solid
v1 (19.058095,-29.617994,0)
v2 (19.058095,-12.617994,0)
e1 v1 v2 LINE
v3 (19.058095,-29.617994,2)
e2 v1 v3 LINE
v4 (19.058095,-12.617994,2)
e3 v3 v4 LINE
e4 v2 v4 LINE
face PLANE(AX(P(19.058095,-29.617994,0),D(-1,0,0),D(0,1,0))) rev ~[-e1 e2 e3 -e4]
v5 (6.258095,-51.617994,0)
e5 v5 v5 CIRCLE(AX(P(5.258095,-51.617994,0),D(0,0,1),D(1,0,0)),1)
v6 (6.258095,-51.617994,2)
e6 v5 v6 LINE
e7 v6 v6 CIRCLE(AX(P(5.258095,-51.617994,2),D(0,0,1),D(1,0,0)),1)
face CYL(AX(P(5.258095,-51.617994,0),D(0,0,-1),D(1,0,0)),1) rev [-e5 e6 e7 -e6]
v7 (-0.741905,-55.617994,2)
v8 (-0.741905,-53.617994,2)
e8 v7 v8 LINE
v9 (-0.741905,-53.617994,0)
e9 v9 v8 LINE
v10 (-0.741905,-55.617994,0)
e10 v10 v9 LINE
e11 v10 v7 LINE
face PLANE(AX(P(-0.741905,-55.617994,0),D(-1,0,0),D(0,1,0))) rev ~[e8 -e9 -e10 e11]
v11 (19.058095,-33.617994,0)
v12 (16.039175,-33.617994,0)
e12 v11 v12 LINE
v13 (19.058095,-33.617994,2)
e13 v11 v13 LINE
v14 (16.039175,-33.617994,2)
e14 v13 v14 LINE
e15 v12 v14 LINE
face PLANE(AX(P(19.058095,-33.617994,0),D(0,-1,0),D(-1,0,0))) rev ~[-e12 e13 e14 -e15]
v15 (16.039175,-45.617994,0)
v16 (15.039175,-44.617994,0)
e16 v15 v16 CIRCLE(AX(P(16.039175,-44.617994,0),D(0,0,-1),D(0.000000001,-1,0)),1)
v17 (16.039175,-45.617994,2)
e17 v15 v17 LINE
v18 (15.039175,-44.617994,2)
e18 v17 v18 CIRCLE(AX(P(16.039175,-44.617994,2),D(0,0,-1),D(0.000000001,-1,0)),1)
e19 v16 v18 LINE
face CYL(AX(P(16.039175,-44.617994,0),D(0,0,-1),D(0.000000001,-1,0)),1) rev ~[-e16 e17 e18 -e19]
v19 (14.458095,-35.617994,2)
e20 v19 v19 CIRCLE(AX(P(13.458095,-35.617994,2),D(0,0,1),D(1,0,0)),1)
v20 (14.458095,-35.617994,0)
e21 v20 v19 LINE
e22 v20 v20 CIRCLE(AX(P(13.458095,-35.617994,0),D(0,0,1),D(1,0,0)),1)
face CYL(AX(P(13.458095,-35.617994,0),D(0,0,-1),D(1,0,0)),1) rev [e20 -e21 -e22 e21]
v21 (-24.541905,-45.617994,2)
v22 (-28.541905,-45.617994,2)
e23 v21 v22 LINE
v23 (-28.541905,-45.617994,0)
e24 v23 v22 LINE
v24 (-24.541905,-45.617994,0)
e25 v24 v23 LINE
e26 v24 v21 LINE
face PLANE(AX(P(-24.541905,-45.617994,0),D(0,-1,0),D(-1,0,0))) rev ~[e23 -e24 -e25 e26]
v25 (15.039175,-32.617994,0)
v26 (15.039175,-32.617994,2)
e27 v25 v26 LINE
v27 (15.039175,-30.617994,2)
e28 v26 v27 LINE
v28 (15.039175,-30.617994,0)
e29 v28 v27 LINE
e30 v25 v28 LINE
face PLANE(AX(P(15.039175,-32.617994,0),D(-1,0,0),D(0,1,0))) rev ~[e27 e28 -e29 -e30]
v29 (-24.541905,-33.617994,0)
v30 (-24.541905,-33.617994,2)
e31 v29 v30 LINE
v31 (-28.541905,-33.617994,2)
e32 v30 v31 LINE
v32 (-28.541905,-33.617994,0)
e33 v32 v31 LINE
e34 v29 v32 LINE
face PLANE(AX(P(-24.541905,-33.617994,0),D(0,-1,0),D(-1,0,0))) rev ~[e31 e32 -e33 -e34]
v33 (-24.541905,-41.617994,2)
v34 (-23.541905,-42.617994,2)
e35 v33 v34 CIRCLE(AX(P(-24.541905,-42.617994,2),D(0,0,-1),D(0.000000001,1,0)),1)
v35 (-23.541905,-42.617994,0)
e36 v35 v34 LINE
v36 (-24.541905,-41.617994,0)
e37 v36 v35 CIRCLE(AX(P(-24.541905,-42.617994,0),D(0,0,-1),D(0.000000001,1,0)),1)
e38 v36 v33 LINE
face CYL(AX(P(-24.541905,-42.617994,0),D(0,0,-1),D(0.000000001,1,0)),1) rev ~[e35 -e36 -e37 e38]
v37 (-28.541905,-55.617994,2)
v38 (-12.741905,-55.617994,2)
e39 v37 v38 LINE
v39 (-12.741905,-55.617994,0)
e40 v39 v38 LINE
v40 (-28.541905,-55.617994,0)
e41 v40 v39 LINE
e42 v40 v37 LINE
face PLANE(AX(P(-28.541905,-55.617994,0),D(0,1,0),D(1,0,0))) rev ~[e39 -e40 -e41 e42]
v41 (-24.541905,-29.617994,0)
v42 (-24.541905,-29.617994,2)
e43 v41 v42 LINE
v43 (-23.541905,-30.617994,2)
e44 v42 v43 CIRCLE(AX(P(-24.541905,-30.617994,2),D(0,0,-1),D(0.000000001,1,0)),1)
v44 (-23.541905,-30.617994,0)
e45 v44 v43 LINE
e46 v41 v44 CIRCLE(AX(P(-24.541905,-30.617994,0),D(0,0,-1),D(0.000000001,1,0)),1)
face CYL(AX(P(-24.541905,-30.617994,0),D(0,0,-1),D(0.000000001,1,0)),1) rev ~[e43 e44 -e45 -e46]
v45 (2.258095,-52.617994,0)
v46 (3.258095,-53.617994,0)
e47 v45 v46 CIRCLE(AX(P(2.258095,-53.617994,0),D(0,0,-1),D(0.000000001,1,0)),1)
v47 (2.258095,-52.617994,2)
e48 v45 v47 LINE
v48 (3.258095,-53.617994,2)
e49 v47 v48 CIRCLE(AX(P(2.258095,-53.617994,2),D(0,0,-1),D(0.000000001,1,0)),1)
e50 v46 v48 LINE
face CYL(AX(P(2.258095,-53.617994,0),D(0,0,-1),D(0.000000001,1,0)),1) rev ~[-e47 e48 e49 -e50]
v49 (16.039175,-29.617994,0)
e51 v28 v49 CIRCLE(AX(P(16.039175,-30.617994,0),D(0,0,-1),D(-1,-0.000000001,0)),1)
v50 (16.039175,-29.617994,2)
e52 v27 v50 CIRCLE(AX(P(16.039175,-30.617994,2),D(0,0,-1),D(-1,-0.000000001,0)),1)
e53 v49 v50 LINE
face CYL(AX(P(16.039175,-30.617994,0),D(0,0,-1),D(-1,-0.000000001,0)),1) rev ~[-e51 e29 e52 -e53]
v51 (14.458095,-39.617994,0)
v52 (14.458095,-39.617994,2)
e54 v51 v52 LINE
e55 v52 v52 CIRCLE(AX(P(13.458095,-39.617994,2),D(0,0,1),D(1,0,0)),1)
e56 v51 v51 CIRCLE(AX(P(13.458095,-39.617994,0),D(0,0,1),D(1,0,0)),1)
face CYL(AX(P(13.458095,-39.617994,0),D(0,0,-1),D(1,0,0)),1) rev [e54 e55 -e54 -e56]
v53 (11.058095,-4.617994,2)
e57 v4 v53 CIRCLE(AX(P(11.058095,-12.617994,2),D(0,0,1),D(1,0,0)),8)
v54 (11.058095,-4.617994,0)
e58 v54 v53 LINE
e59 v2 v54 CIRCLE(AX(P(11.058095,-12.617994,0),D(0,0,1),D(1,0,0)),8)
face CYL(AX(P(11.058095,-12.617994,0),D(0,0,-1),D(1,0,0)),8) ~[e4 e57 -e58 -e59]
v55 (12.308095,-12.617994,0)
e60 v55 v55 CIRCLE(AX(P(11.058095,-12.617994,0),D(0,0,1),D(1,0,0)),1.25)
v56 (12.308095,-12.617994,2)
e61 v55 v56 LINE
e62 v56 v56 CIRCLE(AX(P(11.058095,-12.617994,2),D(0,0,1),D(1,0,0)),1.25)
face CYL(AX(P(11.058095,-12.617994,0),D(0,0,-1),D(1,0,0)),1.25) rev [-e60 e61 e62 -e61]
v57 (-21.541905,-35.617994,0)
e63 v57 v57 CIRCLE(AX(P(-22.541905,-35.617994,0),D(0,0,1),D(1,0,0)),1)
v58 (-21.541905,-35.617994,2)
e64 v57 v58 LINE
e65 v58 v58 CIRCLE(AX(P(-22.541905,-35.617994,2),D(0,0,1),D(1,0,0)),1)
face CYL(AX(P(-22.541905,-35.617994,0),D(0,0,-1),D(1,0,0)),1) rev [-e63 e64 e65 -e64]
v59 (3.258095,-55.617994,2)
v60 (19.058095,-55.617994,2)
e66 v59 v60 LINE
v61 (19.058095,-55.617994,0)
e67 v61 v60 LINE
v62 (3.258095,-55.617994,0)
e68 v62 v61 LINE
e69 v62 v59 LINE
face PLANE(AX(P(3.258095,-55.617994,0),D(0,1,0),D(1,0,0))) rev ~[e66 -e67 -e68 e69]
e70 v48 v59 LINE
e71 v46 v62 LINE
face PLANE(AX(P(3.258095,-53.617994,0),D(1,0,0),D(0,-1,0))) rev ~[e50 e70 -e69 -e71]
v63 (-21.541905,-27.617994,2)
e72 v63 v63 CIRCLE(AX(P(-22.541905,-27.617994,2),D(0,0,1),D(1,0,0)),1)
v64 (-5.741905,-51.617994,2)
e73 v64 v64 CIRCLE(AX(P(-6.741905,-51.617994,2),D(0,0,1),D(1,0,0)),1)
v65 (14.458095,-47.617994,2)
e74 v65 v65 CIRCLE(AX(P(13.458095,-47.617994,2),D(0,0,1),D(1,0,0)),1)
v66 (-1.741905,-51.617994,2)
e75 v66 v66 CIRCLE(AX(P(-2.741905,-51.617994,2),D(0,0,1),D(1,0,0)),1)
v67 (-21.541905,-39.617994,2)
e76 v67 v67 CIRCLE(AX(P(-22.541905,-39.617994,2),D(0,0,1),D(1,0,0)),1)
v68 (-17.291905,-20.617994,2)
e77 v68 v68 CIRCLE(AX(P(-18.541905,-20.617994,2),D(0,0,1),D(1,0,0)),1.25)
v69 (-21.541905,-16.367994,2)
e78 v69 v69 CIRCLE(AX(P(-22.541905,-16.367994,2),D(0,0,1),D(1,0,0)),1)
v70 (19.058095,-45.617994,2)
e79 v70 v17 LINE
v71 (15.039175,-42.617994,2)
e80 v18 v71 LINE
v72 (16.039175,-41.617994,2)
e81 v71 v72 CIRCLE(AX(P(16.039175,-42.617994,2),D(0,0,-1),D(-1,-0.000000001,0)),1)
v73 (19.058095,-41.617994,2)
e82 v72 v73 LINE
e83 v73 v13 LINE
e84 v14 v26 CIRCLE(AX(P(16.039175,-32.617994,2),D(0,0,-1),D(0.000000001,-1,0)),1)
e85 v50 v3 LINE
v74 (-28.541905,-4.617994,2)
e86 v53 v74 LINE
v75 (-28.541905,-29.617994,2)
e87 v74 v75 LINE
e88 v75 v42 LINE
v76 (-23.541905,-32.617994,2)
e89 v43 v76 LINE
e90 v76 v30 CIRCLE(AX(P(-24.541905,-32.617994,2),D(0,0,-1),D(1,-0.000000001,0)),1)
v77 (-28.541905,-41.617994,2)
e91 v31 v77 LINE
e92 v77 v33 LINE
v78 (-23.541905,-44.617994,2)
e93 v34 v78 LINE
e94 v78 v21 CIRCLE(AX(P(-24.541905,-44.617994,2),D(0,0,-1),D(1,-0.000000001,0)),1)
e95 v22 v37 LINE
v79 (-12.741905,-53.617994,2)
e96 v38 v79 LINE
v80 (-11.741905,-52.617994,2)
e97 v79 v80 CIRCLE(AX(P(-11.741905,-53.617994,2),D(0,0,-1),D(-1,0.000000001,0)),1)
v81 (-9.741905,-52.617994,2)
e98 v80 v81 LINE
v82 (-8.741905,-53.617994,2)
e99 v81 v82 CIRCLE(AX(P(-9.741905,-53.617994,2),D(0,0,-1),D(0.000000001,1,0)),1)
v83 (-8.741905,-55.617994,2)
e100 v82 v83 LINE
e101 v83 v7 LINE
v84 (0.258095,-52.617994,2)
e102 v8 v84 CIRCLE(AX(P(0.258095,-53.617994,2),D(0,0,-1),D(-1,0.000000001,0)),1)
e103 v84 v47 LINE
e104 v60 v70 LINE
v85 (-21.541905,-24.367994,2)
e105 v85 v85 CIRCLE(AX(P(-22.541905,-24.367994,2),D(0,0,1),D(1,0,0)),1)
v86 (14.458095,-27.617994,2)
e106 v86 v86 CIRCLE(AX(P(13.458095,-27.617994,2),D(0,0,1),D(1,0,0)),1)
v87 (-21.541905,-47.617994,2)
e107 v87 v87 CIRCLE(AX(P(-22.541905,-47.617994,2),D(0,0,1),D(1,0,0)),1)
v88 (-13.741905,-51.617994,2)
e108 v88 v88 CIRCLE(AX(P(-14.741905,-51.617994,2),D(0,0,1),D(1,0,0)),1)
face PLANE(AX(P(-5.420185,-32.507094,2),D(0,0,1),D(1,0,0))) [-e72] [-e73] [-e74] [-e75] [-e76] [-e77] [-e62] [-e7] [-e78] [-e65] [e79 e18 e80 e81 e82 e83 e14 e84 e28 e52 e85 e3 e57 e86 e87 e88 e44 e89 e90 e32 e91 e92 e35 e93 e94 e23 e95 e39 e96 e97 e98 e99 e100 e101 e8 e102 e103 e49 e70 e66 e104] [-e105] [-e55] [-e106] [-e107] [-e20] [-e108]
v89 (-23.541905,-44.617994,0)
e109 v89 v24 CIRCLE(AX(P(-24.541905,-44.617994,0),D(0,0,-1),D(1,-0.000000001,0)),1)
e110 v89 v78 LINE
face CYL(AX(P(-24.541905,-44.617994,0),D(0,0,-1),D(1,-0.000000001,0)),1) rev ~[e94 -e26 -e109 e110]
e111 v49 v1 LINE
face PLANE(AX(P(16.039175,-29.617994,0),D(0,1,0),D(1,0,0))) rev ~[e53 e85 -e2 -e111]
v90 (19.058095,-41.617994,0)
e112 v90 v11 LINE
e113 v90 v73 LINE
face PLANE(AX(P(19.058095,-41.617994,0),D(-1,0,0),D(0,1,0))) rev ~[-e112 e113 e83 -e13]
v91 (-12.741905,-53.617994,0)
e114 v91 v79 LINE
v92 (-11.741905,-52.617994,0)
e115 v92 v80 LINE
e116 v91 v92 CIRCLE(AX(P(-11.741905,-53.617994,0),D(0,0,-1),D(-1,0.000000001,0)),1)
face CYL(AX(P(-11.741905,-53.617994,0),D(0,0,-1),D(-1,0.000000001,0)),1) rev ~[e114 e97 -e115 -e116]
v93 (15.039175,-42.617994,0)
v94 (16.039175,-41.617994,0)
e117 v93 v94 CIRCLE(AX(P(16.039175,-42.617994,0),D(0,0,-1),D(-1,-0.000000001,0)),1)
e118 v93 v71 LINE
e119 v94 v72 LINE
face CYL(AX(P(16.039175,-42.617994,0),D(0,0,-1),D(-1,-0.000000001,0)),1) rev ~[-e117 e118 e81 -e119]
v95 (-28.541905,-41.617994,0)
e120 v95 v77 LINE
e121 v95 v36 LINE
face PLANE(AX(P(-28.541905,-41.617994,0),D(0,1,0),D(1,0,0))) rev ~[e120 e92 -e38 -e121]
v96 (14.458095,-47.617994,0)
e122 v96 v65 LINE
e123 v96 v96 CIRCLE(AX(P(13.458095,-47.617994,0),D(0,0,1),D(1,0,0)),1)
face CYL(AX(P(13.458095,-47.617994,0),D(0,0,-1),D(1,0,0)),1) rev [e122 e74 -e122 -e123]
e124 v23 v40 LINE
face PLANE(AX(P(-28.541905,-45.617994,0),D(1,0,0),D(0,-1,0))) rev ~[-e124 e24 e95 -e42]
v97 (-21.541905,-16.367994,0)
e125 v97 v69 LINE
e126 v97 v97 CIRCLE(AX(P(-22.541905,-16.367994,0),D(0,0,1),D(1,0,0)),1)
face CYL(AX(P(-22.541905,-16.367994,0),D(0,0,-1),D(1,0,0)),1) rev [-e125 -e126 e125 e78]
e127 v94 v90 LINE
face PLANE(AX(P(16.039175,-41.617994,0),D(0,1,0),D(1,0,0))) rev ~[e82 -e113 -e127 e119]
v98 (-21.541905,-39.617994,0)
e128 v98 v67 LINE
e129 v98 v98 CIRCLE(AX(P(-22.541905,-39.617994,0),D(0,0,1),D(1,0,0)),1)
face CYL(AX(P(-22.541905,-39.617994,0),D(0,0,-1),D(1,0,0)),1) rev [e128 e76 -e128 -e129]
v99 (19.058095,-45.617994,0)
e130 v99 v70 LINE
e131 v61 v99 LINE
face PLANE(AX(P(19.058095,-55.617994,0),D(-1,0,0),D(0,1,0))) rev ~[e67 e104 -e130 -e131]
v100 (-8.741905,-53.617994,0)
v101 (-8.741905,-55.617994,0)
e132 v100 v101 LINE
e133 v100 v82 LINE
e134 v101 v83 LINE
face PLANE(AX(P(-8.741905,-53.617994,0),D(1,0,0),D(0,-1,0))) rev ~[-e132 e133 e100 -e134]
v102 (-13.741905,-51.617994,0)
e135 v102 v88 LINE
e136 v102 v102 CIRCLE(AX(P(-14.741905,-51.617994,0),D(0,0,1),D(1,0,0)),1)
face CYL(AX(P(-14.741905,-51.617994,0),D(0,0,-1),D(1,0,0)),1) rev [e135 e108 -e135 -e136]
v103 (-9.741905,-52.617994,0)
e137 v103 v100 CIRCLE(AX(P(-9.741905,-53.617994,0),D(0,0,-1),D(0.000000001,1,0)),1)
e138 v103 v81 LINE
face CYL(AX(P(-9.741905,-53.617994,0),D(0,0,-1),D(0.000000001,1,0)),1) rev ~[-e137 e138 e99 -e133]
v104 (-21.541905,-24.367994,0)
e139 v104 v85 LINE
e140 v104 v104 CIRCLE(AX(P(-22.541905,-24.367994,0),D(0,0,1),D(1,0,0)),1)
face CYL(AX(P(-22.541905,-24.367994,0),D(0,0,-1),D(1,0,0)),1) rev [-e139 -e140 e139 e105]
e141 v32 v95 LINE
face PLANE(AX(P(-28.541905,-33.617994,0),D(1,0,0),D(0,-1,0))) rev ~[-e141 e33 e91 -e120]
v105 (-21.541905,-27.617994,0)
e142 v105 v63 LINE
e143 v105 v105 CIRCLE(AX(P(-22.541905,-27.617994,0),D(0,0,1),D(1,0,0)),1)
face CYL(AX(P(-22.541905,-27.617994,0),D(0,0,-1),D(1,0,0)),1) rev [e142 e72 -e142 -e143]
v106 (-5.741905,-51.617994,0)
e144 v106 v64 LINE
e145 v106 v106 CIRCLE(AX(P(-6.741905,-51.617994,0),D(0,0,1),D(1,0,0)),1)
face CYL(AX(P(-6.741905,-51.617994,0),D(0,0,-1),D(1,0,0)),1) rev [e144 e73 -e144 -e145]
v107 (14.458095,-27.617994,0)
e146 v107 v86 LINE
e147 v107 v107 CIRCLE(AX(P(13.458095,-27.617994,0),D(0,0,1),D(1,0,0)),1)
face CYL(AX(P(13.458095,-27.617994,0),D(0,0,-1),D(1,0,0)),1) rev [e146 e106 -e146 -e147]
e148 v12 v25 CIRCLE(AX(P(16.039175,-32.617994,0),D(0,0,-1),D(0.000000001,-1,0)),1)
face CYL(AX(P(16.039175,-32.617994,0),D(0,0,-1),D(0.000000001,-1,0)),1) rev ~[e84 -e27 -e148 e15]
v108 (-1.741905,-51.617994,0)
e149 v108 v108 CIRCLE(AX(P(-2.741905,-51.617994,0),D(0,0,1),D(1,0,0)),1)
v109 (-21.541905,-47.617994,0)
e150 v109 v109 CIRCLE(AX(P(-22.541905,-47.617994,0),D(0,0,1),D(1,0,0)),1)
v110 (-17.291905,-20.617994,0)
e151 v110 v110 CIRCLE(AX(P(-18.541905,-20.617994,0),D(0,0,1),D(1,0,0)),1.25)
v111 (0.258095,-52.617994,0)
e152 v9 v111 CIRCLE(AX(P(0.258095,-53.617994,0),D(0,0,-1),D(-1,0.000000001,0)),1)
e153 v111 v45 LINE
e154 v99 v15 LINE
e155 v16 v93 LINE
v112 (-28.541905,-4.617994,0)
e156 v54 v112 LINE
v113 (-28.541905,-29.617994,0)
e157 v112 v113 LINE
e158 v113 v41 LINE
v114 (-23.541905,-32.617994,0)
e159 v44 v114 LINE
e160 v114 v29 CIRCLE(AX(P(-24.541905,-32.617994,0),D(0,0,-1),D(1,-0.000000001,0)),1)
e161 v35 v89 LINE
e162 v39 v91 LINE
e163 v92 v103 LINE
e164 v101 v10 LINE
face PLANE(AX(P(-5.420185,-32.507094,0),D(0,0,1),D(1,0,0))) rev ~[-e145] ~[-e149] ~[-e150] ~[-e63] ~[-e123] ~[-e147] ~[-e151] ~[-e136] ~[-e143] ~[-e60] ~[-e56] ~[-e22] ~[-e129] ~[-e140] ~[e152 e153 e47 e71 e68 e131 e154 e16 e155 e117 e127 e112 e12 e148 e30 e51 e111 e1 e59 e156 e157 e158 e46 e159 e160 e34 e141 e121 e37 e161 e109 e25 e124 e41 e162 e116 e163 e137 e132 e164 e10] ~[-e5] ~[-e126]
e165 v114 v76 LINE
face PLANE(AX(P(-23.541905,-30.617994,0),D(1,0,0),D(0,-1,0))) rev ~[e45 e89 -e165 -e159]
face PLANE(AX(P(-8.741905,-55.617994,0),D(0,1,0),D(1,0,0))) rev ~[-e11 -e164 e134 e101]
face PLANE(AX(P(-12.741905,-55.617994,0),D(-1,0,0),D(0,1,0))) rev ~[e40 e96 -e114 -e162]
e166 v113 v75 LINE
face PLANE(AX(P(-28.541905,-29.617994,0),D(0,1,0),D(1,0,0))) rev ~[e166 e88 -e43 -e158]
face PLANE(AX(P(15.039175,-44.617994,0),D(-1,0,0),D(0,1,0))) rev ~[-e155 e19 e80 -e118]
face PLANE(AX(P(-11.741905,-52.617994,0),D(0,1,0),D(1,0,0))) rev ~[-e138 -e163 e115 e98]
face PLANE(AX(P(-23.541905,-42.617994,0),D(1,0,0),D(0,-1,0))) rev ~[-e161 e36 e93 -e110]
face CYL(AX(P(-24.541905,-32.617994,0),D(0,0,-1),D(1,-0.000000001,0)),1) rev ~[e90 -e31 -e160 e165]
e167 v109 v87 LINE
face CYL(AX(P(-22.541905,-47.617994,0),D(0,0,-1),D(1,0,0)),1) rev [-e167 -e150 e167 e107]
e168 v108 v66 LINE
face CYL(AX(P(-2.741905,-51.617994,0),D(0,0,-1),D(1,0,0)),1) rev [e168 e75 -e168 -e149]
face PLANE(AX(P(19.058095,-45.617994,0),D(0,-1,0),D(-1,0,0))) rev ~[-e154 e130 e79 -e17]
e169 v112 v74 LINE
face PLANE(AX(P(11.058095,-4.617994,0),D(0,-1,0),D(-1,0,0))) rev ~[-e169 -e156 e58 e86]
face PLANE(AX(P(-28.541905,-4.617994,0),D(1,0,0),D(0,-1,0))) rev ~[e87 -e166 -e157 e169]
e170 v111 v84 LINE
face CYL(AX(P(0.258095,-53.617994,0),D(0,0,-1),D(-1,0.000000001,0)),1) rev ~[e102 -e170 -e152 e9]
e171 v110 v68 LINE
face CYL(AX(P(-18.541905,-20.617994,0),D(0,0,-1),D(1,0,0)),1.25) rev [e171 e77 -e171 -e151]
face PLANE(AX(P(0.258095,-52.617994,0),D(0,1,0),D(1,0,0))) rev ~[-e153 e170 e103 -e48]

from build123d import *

# Parameters (mm, degrees)
SKETCH_1_R      = 1.25
SKETCH_1_R_2    = 1
EXTRUDE_2_DEPTH = 2


with BuildPart() as part:
    # 草圖1 → 填料-伸長2 (new body)
    with BuildSketch(Plane.XY):
        with BuildLine():
            Line((19.058094933, -28.1179941), (19.058094933, -12.6179941))
            ThreePointArc((19.058094933, -12.6179941), (16.714949182, -6.961139851), (11.058094933, -4.6179941))
            Line((11.058094933, -4.6179941), (-7.541905067, -4.6179941))
            Line((-7.541905067, -4.6179941), (-27.541905067, -4.6179941))
            Line((-27.541905067, -4.6179941), (-28.541905067, -4.6179941))
            Line((-28.541905067, -4.6179941), (-28.541905067, -5.6179941))
            Line((-28.541905067, -5.6179941), (-28.541905067, -12.6179941))
            Line((-28.541905067, -12.6179941), (-28.541905067, -28.1179941))
            Line((-28.541905067, -28.1179941), (-28.541905067, -29.6179941))
            Line((-28.541905067, -29.6179941), (-26.541905067, -29.6179941))
            Line((-26.541905067, -29.6179941), (-24.541905067, -29.6179941))
            ThreePointArc((-24.541905067, -29.6179941), (-23.834798286, -29.910887319), (-23.541905067, -30.6179941))
            Line((-23.541905067, -30.6179941), (-23.541905067, -32.6179941))
            ThreePointArc((-23.541905067, -32.6179941), (-23.834798286, -33.325100881), (-24.541905067, -33.6179941))
            Line((-24.541905067, -33.6179941), (-26.541905067, -33.6179941))
            Line((-26.541905067, -33.6179941), (-28.541905067, -33.6179941))
            Line((-28.541905067, -33.6179941), (-28.541905067, -41.6179941))
            Line((-28.541905067, -41.6179941), (-26.541905067, -41.6179941))
            Line((-26.541905067, -41.6179941), (-24.541905067, -41.6179941))
            ThreePointArc((-24.541905067, -41.6179941), (-23.834798286, -41.910887319), (-23.541905067, -42.6179941))
            Line((-23.541905067, -42.6179941), (-23.541905067, -44.6179941))
            ThreePointArc((-23.541905067, -44.6179941), (-23.834798286, -45.325100881), (-24.541905067, -45.6179941))
            Line((-24.541905067, -45.6179941), (-26.541905067, -45.6179941))
            Line((-26.541905067, -45.6179941), (-28.541905067, -45.6179941))
            Line((-28.541905067, -45.6179941), (-28.541905067, -52.6179941))
            Line((-28.541905067, -52.6179941), (-28.541905067, -53.6179941))
            Line((-28.541905067, -53.6179941), (-28.541905067, -55.6179941))
            Line((-28.541905067, -55.6179941), (-12.741905067, -55.6179941))
            Line((-12.741905067, -55.6179941), (-12.741905067, -53.6179941))
            ThreePointArc((-12.741905067, -53.6179941), (-12.449011848, -52.910887319), (-11.741905067, -52.6179941))
            Line((-11.741905067, -52.6179941), (-9.741905067, -52.6179941))
            ThreePointArc((-9.741905067, -52.6179941), (-9.034798286, -52.910887319), (-8.741905067, -53.6179941))
            Line((-8.741905067, -53.6179941), (-8.741905067, -55.6179941))
            Line((-8.741905067, -55.6179941), (-0.741905067, -55.6179941))
            Line((-0.741905067, -55.6179941), (-0.741905067, -53.6179941))
            ThreePointArc((-0.741905067, -53.6179941), (-0.449011848, -52.910887319), (0.258094933, -52.6179941))
            Line((0.258094933, -52.6179941), (2.258094933, -52.6179941))
            ThreePointArc((2.258094933, -52.6179941), (2.965201714, -52.910887319), (3.258094933, -53.6179941))
            Line((3.258094933, -53.6179941), (3.258094933, -55.6179941))
            Line((3.258094933, -55.6179941), (19.058094933, -55.6179941))
            Line((19.058094933, -55.6179941), (19.058094933, -53.6179941))
            Line((19.058094933, -53.6179941), (19.058094933, -52.6179941))
            Line((19.058094933, -52.6179941), (19.058094933, -45.6179941))
            Line((19.058094933, -45.6179941), (18.039175344, -45.6179941))
            Line((18.039175344, -45.6179941), (16.039175344, -45.6179941))
            ThreePointArc((16.039175344, -45.6179941), (15.332068562, -45.325100881), (15.039175344, -44.6179941))
            Line((15.039175344, -44.6179941), (15.039175344, -42.6179941))
            ThreePointArc((15.039175344, -42.6179941), (15.332068562, -41.910887319), (16.039175344, -41.6179941))
            Line((16.039175344, -41.6179941), (18.039175344, -41.6179941))
            Line((18.039175344, -41.6179941), (19.058094933, -41.6179941))
            Line((19.058094933, -41.6179941), (19.058094933, -33.6179941))
            Line((19.058094933, -33.6179941), (18.039175344, -33.6179941))
            Line((18.039175344, -33.6179941), (16.039175344, -33.6179941))
            ThreePointArc((16.039175344, -33.6179941), (15.332068562, -33.325100881), (15.039175344, -32.6179941))
            Line((15.039175344, -32.6179941), (15.039175344, -30.6179941))
            ThreePointArc((15.039175344, -30.6179941), (15.332068562, -29.910887319), (16.039175344, -29.6179941))
            Line((16.039175344, -29.6179941), (18.039175344, -29.6179941))
            Line((18.039175344, -29.6179941), (19.058094933, -29.6179941))
            Line((19.058094933, -29.6179941), (19.058094933, -28.1179941))
        make_face()
        with Locations((-18.541905067, -20.6179941)):
            Circle(SKETCH_1_R, mode=Mode.SUBTRACT)
        with Locations((-6.741905067, -51.6179941)):
            Circle(SKETCH_1_R_2, mode=Mode.SUBTRACT)
        with Locations((-14.741905067, -51.6179941)):
            Circle(SKETCH_1_R_2, mode=Mode.SUBTRACT)
        with Locations((5.258094933, -51.6179941)):
            Circle(SKETCH_1_R_2, mode=Mode.SUBTRACT)
        with Locations((-22.541905067, -16.3679941)):
            Circle(SKETCH_1_R_2, mode=Mode.SUBTRACT)
        with Locations((-22.541905067, -24.3679941)):
            Circle(SKETCH_1_R_2, mode=Mode.SUBTRACT)
        with Locations((13.458094933, -39.6179941)):
            Circle(SKETCH_1_R_2, mode=Mode.SUBTRACT)
        with Locations((13.458094933, -47.6179941)):
            Circle(SKETCH_1_R_2, mode=Mode.SUBTRACT)
        with Locations((11.058094933, -12.6179941)):
            Circle(SKETCH_1_R, mode=Mode.SUBTRACT)
        with Locations((-22.541905067, -27.6179941)):
            Circle(SKETCH_1_R_2, mode=Mode.SUBTRACT)
        with Locations((-22.541905067, -35.6179941)):
            Circle(SKETCH_1_R_2, mode=Mode.SUBTRACT)
        with Locations((-2.741905067, -51.6179941)):
            Circle(SKETCH_1_R_2, mode=Mode.SUBTRACT)
        with Locations((-22.541905067, -39.6179941)):
            Circle(SKETCH_1_R_2, mode=Mode.SUBTRACT)
        with Locations((-22.541905067, -47.6179941)):
            Circle(SKETCH_1_R_2, mode=Mode.SUBTRACT)
        with Locations((13.458094933, -27.6179941)):
            Circle(SKETCH_1_R_2, mode=Mode.SUBTRACT)
        with Locations((13.458094933, -35.6179941)):
            Circle(SKETCH_1_R_2, mode=Mode.SUBTRACT)
    extrude(amount=EXTRUDE_2_DEPTH)


solid = part.part
